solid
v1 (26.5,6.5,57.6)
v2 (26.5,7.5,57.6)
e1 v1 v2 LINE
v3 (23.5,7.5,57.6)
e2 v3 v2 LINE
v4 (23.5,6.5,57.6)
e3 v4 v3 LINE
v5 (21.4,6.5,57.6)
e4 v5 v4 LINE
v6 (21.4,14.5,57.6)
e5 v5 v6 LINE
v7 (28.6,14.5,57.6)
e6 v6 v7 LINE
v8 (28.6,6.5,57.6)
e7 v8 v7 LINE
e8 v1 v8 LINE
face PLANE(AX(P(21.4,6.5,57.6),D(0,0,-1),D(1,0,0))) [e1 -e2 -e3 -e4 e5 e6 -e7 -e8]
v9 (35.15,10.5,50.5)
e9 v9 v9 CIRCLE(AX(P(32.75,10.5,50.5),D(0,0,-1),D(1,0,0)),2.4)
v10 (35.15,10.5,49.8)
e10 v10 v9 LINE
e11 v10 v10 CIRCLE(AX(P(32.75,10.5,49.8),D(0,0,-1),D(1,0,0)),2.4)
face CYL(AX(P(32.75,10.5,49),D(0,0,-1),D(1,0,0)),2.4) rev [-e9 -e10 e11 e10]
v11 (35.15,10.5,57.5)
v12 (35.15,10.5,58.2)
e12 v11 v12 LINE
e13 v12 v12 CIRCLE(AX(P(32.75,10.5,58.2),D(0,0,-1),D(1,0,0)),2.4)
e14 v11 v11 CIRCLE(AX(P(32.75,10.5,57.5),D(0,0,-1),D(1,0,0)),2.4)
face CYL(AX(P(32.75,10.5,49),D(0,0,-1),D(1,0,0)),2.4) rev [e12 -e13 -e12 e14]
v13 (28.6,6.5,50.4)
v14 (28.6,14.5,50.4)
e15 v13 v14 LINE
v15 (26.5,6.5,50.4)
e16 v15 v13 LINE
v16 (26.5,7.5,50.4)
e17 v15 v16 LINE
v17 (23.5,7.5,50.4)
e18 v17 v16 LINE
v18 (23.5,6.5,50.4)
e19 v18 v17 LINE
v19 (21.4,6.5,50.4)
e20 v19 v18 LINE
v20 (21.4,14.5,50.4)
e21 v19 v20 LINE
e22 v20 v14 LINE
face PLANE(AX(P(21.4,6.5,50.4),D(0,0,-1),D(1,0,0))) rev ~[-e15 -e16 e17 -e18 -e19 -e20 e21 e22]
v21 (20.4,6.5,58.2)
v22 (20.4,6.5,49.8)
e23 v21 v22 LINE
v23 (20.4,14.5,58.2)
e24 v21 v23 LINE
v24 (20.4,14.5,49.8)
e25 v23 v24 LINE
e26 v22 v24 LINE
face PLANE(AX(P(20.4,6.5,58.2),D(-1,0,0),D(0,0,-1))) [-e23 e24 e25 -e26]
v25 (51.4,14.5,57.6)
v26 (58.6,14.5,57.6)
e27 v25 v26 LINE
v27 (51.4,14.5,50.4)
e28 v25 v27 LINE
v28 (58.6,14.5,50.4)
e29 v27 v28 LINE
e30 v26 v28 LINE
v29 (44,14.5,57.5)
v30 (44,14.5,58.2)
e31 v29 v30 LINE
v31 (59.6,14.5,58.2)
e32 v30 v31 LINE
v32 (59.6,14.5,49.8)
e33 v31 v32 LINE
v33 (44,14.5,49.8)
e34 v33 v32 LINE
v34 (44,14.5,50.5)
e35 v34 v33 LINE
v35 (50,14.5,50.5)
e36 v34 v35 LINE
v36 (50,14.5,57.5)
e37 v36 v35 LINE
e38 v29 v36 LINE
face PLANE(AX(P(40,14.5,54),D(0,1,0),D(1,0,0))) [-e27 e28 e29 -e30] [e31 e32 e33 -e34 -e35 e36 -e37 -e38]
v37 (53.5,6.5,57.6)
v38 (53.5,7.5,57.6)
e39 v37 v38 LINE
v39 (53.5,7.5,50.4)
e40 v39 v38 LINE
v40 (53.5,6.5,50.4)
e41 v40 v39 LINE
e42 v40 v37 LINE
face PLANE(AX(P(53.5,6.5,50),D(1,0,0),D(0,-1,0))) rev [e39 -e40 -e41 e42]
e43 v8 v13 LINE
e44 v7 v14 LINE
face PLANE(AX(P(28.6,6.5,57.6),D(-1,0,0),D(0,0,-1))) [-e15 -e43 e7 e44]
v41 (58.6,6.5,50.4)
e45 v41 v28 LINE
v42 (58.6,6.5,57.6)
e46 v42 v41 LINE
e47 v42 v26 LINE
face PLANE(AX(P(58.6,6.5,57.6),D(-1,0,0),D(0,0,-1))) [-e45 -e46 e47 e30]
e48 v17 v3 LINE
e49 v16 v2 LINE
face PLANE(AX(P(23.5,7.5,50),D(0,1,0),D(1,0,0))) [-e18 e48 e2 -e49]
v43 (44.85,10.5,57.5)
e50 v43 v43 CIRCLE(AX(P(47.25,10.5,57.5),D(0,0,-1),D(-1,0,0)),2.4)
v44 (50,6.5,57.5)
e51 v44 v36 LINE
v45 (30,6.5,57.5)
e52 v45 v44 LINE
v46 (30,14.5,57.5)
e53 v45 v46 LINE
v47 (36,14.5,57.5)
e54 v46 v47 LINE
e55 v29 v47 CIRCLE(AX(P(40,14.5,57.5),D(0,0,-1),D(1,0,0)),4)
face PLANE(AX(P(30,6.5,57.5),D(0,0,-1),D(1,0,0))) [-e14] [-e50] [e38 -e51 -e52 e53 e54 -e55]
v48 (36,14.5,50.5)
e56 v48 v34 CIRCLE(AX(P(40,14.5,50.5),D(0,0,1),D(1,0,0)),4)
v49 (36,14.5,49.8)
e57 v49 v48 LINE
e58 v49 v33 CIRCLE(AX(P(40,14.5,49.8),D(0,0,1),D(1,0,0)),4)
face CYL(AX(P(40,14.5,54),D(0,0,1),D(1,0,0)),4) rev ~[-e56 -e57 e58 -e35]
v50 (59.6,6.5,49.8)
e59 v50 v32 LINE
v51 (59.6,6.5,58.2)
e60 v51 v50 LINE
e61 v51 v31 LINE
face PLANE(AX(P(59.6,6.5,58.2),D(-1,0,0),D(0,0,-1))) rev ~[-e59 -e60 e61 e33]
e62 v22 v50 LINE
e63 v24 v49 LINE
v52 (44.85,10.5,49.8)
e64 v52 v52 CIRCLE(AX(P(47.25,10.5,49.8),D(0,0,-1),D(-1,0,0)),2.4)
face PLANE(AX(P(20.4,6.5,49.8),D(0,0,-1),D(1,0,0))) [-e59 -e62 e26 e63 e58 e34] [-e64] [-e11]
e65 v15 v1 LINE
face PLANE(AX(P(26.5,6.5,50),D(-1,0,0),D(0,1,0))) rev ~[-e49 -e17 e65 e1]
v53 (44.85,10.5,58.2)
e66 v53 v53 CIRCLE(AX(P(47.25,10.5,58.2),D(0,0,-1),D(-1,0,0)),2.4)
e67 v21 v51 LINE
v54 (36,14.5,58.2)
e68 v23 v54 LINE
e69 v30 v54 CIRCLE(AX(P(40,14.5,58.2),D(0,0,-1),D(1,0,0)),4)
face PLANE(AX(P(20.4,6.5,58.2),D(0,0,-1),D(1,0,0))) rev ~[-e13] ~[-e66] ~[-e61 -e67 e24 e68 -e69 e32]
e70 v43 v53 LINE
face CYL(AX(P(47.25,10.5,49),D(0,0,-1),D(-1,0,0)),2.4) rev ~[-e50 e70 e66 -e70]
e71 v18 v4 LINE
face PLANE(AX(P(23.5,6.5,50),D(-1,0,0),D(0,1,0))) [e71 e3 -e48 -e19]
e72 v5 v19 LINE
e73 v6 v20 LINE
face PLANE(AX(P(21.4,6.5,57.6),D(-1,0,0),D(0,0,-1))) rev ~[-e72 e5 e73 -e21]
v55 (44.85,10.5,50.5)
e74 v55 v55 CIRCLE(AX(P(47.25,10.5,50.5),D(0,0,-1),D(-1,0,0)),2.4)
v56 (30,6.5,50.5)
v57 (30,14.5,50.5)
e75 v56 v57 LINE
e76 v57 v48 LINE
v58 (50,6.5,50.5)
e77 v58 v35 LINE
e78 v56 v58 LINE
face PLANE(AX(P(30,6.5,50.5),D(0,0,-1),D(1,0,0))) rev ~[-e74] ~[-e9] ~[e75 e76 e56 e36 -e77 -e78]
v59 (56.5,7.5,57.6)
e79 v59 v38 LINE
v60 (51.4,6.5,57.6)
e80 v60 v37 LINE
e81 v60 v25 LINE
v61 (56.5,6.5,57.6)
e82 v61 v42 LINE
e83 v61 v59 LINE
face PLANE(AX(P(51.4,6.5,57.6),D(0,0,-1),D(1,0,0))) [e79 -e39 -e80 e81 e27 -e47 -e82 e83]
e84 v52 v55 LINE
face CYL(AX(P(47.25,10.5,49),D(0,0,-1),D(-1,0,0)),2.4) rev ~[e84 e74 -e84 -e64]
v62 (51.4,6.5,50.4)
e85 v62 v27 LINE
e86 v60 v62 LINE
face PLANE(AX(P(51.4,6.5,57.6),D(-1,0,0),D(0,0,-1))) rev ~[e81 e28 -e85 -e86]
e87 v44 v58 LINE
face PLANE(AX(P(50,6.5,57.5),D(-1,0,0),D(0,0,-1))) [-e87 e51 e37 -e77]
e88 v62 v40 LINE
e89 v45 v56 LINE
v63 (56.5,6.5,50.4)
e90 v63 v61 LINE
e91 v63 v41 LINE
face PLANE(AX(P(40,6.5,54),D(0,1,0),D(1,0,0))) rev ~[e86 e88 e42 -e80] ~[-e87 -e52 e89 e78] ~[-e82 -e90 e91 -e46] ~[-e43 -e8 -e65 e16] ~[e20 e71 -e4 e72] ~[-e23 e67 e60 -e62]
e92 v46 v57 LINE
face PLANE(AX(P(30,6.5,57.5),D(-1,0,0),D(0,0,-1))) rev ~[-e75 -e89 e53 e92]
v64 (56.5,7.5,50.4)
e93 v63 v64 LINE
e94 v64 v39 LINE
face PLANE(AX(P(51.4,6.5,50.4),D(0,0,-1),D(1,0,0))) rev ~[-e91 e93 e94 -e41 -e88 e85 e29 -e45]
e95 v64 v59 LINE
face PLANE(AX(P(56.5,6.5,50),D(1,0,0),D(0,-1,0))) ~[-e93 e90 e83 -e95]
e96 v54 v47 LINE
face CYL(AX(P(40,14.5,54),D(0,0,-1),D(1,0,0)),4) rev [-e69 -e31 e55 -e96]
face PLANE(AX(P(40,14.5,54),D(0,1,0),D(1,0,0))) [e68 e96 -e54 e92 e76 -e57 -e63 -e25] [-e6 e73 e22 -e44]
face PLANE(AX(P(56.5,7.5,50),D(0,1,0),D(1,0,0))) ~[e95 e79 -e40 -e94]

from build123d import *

# Parameters (mm, degrees)
SKETCH099_W             = 39.2
SKETCH099_H             = 8.4
SKETCH099_W_2           = 7.2
SKETCH099_H_2           = 7.2
SKETCH099_W_3           = 20
SKETCH099_H_3           = 7
PAD061_DEPTH            = 8
CYLINDER082_R           = 4
CYLINDER082_DEPTH       = 5
BOX007_W                = 3
BOX007_H                = 1
BOX007_DEPTH            = 8
CYLINDER083_R           = 2.4
CYLINDER083_DEPTH       = 10
BODY094_PLACEMENT_ANGLE = 90


with BuildPart() as part:
    # Sketch099 → Pad061 (new body)
    with BuildSketch(Plane.XY):
        Rectangle(SKETCH099_W, SKETCH099_H)
        with Locations((-15, 0)):
            Rectangle(SKETCH099_W_2, SKETCH099_H_2, mode=Mode.SUBTRACT)
        with Locations((15, 0)):
            Rectangle(SKETCH099_W_2, SKETCH099_H_2, mode=Mode.SUBTRACT)
        Rectangle(SKETCH099_W_3, SKETCH099_H_3, mode=Mode.SUBTRACT)
    extrude(amount=PAD061_DEPTH)

    # Cylinder082 → Cylinder082 (cut)
    with BuildSketch(Plane(origin=(0, 0, 8), x_dir=(1, 0, 0), z_dir=(0, -1, 0))):
        Circle(CYLINDER082_R)
    cylinder082 = extrude(amount=CYLINDER082_DEPTH, mode=Mode.SUBTRACT)

    # Mirrored017: Cylinder082 across XZ
    add(cylinder082.mirror(Plane.XZ), mode=Mode.SUBTRACT)

    # Box007 → Box007 (join)
    with BuildSketch(Plane(origin=(-16.5, 4, 0), x_dir=(1, 0, 0), z_dir=(0, -1, 0))):
        with Locations((1.5, 0.5)):
            Rectangle(BOX007_W, BOX007_H)
    box007 = extrude(amount=BOX007_DEPTH)

    # Mirrored018: Box007 across YZ
    add(box007.mirror(Plane.YZ))

    # Cylinder083 → Cylinder083 (cut)
    with BuildSketch(Plane(origin=(-7.25, 5, 4), x_dir=(1, 0, 0), z_dir=(0, -1, 0))):
        Circle(CYLINDER083_R)
    cylinder083 = extrude(amount=CYLINDER083_DEPTH, mode=Mode.SUBTRACT)

    # Mirrored019: Cylinder083 across YZ
    add(cylinder083.mirror(Plane.YZ), mode=Mode.SUBTRACT)


with BuildPart() as part_1:
    # Body088 placement: moved
    add(part.part.moved(Location((0, 0, -10.5))))


with BuildPart() as part_2:
    # Body094 placement: moved
    add(part_1.part.moved(Location((40, 17, 54))).rotate(Axis((40, 17, 54), (-1, 0, 0)), BODY094_PLACEMENT_ANGLE))


solid = part_2.part
